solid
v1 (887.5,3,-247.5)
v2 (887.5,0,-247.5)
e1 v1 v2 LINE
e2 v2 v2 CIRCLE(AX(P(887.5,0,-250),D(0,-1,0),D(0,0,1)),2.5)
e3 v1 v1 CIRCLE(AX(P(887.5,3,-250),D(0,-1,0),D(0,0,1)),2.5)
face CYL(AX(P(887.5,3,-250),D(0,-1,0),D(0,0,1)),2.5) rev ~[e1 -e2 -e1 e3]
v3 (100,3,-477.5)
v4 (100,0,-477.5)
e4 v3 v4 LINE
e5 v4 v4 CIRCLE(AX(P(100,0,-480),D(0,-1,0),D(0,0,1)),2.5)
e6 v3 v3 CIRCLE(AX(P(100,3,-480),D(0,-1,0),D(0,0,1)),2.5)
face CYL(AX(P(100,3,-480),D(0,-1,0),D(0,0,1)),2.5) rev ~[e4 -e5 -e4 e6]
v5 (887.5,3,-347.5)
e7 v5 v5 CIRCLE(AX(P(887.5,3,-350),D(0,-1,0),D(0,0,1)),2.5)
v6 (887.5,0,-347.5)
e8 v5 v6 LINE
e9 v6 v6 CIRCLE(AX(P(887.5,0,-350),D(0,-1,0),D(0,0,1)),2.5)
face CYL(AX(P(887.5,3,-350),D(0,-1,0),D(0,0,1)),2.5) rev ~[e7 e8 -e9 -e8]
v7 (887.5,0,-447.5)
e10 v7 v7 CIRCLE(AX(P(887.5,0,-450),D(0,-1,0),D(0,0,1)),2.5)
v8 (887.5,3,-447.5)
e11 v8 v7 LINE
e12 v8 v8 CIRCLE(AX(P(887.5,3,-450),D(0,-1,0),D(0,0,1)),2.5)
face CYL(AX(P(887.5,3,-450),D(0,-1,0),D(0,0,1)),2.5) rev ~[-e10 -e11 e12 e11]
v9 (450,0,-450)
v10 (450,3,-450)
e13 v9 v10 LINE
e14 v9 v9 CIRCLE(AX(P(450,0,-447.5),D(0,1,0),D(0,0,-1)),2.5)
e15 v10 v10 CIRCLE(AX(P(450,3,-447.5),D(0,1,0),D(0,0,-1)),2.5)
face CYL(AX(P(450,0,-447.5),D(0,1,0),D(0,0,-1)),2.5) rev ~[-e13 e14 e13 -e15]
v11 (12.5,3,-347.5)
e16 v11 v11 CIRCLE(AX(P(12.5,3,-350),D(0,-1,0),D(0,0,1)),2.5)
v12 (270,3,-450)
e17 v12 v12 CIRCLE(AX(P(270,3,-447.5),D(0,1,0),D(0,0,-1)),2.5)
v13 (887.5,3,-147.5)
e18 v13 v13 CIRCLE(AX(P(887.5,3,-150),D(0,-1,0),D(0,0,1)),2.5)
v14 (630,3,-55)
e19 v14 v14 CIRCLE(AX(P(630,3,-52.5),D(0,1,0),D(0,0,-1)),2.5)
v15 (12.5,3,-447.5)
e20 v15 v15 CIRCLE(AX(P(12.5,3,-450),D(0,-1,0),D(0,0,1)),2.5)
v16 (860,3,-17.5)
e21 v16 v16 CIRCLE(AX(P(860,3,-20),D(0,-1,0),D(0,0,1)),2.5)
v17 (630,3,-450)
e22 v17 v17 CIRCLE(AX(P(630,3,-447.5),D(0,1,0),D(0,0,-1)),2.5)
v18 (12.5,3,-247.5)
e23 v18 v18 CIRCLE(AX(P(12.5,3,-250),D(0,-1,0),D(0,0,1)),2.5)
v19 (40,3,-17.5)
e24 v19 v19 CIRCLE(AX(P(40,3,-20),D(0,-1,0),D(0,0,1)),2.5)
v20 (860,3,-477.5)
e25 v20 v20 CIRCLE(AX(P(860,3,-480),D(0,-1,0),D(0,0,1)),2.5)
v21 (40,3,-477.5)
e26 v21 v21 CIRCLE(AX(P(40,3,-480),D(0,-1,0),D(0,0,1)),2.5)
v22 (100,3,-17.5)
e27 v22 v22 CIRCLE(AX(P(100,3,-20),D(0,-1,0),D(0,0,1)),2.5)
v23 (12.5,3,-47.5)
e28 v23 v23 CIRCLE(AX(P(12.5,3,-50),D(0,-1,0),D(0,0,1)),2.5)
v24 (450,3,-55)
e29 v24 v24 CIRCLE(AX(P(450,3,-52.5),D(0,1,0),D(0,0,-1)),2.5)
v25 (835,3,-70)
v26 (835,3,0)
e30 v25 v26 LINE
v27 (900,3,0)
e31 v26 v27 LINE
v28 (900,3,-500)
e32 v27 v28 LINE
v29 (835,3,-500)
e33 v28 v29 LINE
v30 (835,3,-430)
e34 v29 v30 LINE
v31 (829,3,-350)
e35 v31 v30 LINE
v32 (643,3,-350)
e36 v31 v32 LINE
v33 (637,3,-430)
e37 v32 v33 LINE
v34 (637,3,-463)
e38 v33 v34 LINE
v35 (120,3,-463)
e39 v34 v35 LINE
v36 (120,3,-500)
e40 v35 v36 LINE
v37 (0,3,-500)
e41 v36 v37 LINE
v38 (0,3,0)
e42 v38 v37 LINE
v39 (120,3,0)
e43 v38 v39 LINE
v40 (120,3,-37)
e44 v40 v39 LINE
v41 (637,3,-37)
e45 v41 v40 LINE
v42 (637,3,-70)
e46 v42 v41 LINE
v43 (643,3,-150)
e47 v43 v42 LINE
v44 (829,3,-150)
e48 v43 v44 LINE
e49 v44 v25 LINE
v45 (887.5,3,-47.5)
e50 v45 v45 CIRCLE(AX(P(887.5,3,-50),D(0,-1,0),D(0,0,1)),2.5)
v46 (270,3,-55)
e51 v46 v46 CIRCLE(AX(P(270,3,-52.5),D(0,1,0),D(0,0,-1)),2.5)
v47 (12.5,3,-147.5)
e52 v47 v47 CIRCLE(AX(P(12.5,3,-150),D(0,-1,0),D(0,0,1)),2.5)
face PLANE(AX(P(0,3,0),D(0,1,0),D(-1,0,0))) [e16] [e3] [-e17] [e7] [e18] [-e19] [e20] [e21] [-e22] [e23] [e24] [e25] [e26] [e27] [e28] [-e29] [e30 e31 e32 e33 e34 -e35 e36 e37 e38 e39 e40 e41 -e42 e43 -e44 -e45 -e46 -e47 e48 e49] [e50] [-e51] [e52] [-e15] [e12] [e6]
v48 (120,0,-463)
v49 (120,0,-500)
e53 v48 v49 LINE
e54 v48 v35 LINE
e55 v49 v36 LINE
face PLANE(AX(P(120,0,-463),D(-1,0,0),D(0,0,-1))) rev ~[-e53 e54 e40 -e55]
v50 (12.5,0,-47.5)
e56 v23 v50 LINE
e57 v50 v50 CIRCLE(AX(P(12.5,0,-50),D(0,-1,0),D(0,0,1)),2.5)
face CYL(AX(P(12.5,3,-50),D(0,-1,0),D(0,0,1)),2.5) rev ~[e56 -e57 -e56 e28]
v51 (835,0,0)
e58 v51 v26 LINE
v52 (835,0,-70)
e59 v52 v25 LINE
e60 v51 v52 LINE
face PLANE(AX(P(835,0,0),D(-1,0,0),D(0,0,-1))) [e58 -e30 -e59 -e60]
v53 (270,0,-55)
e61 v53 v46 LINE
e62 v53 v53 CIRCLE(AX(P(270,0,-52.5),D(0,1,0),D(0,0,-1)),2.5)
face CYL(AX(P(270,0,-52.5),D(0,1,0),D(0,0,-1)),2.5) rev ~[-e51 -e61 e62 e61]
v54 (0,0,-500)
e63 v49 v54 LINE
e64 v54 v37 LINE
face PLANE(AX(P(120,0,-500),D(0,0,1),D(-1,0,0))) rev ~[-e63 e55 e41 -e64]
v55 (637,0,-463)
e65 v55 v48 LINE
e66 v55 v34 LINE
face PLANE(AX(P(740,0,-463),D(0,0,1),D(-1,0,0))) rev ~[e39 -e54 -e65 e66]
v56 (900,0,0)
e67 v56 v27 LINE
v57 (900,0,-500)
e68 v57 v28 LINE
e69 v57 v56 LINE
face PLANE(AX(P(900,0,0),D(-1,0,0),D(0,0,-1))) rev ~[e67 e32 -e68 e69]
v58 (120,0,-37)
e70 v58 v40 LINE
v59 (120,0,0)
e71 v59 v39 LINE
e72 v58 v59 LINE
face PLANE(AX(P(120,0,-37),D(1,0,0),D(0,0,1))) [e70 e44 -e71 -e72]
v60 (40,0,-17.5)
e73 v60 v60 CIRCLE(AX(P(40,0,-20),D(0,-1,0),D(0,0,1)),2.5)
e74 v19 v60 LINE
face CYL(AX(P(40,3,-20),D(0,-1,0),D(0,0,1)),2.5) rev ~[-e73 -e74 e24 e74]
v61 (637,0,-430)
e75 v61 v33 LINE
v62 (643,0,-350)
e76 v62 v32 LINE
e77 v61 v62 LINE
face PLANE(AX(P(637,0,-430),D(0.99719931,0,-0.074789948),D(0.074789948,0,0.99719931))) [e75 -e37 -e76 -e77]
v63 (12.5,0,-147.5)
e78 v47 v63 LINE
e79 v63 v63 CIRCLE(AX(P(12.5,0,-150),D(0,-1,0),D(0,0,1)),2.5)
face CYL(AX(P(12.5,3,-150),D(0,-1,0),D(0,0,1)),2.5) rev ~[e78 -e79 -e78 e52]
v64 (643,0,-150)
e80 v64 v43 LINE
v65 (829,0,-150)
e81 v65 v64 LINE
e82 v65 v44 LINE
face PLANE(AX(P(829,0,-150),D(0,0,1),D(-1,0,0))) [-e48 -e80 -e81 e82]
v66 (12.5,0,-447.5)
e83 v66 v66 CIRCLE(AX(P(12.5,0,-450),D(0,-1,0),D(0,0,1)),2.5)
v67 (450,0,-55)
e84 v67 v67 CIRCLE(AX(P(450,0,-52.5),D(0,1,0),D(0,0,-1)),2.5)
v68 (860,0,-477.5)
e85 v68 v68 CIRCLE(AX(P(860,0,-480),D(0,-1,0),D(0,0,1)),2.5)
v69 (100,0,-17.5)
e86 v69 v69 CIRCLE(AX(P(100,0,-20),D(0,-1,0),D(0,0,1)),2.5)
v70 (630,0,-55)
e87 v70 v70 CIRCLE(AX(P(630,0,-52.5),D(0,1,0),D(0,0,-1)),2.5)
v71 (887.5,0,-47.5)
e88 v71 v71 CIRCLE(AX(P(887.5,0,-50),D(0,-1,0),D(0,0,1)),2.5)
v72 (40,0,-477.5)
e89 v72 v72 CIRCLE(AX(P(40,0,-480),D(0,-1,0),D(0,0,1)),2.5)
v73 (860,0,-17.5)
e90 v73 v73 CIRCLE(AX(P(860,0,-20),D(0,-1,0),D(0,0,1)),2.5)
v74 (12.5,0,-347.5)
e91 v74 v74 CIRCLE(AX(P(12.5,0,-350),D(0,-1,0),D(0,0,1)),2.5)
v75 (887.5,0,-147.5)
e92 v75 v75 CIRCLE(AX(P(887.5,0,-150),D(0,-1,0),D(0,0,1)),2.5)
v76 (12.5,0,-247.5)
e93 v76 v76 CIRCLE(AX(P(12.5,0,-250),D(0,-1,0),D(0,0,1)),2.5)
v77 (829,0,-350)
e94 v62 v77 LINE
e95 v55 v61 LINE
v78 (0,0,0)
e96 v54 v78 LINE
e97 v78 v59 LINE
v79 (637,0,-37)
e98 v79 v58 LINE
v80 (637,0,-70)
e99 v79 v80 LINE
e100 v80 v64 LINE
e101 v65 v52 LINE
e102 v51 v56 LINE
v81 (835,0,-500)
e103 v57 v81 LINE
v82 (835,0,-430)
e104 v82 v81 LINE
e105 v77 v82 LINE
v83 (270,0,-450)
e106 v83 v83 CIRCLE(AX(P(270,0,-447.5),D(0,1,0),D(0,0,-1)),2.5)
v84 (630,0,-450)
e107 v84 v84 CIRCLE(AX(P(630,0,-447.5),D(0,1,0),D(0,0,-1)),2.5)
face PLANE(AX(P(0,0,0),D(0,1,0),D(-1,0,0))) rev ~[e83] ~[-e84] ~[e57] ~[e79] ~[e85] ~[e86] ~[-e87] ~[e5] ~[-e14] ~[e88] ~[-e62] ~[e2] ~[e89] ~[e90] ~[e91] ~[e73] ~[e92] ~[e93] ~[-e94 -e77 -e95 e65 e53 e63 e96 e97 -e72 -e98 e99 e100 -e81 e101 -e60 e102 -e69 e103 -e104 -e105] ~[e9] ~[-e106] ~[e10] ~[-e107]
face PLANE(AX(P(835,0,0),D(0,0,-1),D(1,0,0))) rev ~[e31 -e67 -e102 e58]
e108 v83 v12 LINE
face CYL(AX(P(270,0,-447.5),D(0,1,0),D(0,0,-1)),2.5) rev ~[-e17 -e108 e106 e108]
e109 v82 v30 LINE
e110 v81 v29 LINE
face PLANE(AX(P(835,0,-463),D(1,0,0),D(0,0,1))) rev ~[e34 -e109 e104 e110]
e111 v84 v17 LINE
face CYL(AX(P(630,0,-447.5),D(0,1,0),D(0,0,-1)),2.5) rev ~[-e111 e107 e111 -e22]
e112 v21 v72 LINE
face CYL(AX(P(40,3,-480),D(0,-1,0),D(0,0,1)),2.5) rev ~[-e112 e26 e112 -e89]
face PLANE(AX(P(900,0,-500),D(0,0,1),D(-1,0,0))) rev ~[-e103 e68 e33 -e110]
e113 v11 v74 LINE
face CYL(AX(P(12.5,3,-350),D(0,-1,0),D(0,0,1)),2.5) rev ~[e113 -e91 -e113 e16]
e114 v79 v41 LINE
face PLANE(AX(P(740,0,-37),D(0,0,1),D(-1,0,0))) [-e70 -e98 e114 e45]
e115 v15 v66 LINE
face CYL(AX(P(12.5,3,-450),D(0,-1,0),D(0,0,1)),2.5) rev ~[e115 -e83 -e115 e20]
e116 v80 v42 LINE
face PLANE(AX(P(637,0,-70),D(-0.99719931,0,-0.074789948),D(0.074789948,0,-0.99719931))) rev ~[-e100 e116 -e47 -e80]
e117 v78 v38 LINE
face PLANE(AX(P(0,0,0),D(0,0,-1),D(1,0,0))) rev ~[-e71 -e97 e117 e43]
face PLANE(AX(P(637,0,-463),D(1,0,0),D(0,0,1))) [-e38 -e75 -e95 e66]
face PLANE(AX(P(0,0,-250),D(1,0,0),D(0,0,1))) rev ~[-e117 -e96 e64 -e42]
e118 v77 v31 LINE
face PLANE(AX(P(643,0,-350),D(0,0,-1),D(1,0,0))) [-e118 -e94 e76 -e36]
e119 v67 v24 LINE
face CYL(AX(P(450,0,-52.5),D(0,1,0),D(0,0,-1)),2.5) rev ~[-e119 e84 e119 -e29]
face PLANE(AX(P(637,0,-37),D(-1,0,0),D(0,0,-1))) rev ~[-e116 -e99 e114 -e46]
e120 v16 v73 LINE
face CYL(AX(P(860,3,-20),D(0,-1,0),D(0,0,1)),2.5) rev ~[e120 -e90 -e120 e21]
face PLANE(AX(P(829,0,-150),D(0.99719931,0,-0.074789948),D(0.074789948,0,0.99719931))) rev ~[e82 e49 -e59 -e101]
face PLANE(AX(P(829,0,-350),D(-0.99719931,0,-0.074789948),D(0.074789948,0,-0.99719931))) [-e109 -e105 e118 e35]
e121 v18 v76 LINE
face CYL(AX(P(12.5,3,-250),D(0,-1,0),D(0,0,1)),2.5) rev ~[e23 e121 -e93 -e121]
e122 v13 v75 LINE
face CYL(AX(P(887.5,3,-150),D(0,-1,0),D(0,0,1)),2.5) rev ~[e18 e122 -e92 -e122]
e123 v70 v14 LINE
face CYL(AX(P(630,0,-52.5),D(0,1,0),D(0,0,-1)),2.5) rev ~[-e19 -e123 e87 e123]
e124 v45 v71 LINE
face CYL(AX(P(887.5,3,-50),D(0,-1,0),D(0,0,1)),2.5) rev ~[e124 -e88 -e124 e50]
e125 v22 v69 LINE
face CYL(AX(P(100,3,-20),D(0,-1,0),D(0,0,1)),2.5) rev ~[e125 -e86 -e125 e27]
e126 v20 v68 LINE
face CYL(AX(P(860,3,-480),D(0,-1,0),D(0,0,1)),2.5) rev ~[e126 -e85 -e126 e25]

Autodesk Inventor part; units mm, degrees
ref_plane "YZ Plane" through (0, 0, 0) normal (1, 0, 0) x (0, 1, 0)
ref_plane "XZ Plane" through (0, 0, 0) normal (0, 1, 0) x (-1, 0, 0)
ref_plane "XY Plane" through (0, 0, 0) normal (0, 0, 1) x (1, 0, 0)
sketch "Sketch2" plane through (0, 0, 0) normal (0, 1, 0) x (-1, 0, 0)
  line L0 (0, 0) -> (-900, 0)
  line L1 (-900, 0) -> (-900, -500)
  line L2 (-900, -500) -> (0, -500)
  line L3 (0, -500) -> (0, 0)
  line L4 (-120, -500) -> (-780, -500)
  line L5 (-780, -500) -> (-780, -463)
  line L6 (-780, -463) -> (-120, -463)
  line L7 (-120, -463) -> (-120, -500)
  line L8 (-120, 0) -> (-780, 0)
  line L9 (-780, 0) -> (-780, -37)
  line L10 (-780, -37) -> (-120, -37)
  line L11 (-120, -37) -> (-120, 0)
  line L12 (-764, -430) -> (-829, -430)
  line L13 (-829, -430) -> (-829, -350)
  line L14 (-829, -350) -> (-764, -350)
  line L15 (-764, -350) -> (-764, -430)
  line L16 (-740, -463) -> (-835, -463)
  line L17 (-835, -463) -> (-835, -430)
  line L18 (-835, -430) -> (-740, -430)
  line L19 (-740, -430) -> (-740, -463)
  line L20 (-740, -430) -> (-764, -350)
  line L21 (-829, -350) -> (-835, -430)
  line L22 (-780, -500) -> (-835, -500)
  line L23 (-835, -500) -> (-835, -463)
  line L24 (-835, -463) -> (-780, -463)
  line L25 (-780, -463) -> (-780, -500)
  line L26 (0, -250) -> (-900, -250)
  line L27 (-829, -150) -> (-764, -150)
  line L28 (-835, -37) -> (-835, -70)
  line L29 (-740, -70) -> (-740, -37)
  line L30 (-740, -70) -> (-764, -150)
  line L31 (-829, -150) -> (-835, -70)
  line L32 (-835, 0) -> (-835, -37)
  point P0 (-780, -463)
  point P1 (-740, -37)
  dimension "d7" = 900
  dimension "d8" = 500
  dimension "d11" = 37
  dimension "d12" = 120
  dimension "d13" = 120
  dimension "d14" = 33
  dimension "d15" = 55
  dimension "d16" = 40
  dimension "d17" = 65
  dimension "d18" = 6
  dimension "d19" = 80
extrude "Extrusion2" add sketch "Sketch2" along normal blind 3 contours L3 L26 L1 L0 L32 L28 L31 L27 L30 L29 L10 L11 | L3 L2 L7 L6 L19 L20 L14 L21 L17 L23 L1 L26
sketch "Sketch3" plane through (0, 3, 0) normal (0, 1, 0) x (1, 0, 0)
  line L0 (0, 500) -> (0, 0) projected
  line L1 (0, 0) -> (120, 0) projected
  line L2 (120, 500) -> (0, 500) projected
  line L3 (900, 0) -> (900, 500) projected
  point P0 (40, 20)
  point P1 (100, 20)
  point P2 (40, 480)
  point P3 (100, 480)
  point P4 (12.5, 450)
  point P5 (860, 480)
  point P6 (860, 20)
  point P7 (887.5, 450)
  point P8 (12.5, 350)
  point P9 (887.5, 350)
  point P10 (12.5, 250)
  point P11 (887.5, 250)
  point P12 (12.5, 150)
  point P13 (887.5, 150)
  point P14 (12.5, 50)
  point P15 (887.5, 50)
  dimension "d20" = 40
  dimension "d21" = 100
  dimension "d22" = 20
  dimension "d23" = 20
  dimension "d24" = 12.5
  dimension "d25" = 50
  dimension "d33" = 40
  dimension "d34" = 12.5
  dimension "d37" = 100
  dimension "d64" = 50
hole "Hole1" at (40, 3, -20) at (100, 3, -20) at (40, 3, -480) at (100, 3, -480) at (12.5, 3, -450) at (860, 3, -480) at (860, 3, -20) at (887.5, 3, -450) at (12.5, 3, -350) at (887.5, 3, -350) at (12.5, 3, -250) at (887.5, 3, -250) at (12.5, 3, -150) at (887.5, 3, -150) at (12.5, 3, -50) at (887.5, 3, -50) direction (0, -1, 0) diameter 5 end through all
sketch "Sketch4" plane through (0, 0, 0) normal (0, -1, 0) x (1, 0, 0)
  line L0 (120, -37) -> (740, -37) projected
  line L1 (740, -463) -> (120, -463) projected
  line L2 (900, 0) -> (900, -500) projected
  point P0 (0, 0)
  point P1 (630, -447.5)
  point P2 (450, -447.5)
  point P3 (270, -447.5)
  point P4 (270, -52.5)
  point P5 (450, -52.5)
  point P6 (630, -52.5)
  dimension "d49" = 15.5
  dimension "d50" = 15.5
  dimension "d51" = 180
  dimension "d52" = 180
  dimension "d53" = 450
hole "Hole2" at (630, 0, -447.5) at (450, 0, -447.5) at (270, 0, -447.5) at (270, 0, -52.5) at (450, 0, -52.5) at (630, 0, -52.5) direction (0, 1, 0) diameter 5 depth 8 tip angle 118
sketch "Sketch5" plane through (0, 0, 0) normal (0, -1, 0) x (1, 0, 0)
  circle A0 centre (450, -52.5) radius 2.5 projected
  circle A1 centre (270, -447.5) radius 2.5 projected
  circle A2 centre (630, -447.5) radius 2.5 projected
  circle A3 centre (450, -447.5) radius 2.5 projected
  circle A4 centre (270, -52.5) radius 2.5 projected
  circle A5 centre (630, -52.5) radius 2.5 projected
  circle A6 centre (12.5, -50) radius 2.5 projected
  circle A7 centre (12.5, -150) radius 2.5 projected
  circle A8 centre (12.5, -250) radius 2.5 projected
  circle A9 centre (12.5, -350) radius 2.5 projected
  circle A10 centre (860, -20) radius 2.5 projected
  circle A11 centre (12.5, -450) radius 2.5 projected
  circle A12 centre (40, -480) radius 2.5 projected
  circle A13 centre (40, -20) radius 2.5 projected
  circle A14 centre (100, -20) radius 2.5 projected
  circle A15 centre (100, -480) radius 2.5 projected
  circle A16 centre (860, -480) radius 2.5 projected
  circle A17 centre (887.5, -450) radius 2.5 projected
  circle A18 centre (887.5, -350) radius 2.5 projected
  circle A19 centre (887.5, -250) radius 2.5 projected
  circle A20 centre (887.5, -150) radius 2.5 projected
  circle A21 centre (887.5, -50) radius 2.5 projected
  line L0 (835, -430) -> (829, -350) projected
  line L1 (835, -500) -> (835, -430) projected
  line L2 (900, -500) -> (835, -500) projected
  line L3 (900, 0) -> (900, -500) projected
  line L4 (835, 0) -> (900, 0) projected
  line L5 (835, -70) -> (835, 0) projected
  line L6 (829, -150) -> (835, -70) projected
  line L7 (764, -150) -> (829, -150) projected
  line L8 (740, -70) -> (764, -150) projected
  line L9 (740, -37) -> (740, -70) projected
  line L10 (120, -37) -> (740, -37) projected
  line L11 (120, 0) -> (120, -37) projected
  line L12 (0, 0) -> (120, 0) projected
  line L13 (0, -500) -> (0, 0) projected
  line L14 (120, -500) -> (0, -500) projected
  line L15 (120, -463) -> (120, -500) projected
  line L16 (740, -463) -> (120, -463) projected
  line L17 (740, -430) -> (740, -463) projected
  line L18 (764, -350) -> (740, -430) projected
  line L19 (829, -350) -> (764, -350) projected
  line L20 (740, -37) -> (740, -70) projected
  line L21 (740, -37) -> (637, -37)
  line L22 (637, -37) -> (637, -70)
  line L23 (637, -70) -> (740, -70)
  line L24 (740, -70) -> (740, -37)
  line L25 (637, -70) -> (643, -150)
  line L26 (829, -150) -> (835, -70) projected
  line L27 (764, -150) -> (829, -150) projected
  line L28 (643, -150) -> (764, -150)
  line L29 (0, -500) -> (0, 0) projected
  line L30 (0, -250) -> (900, -250)
  line L31 (637, -463) -> (637, -430)
  line L32 (637, -430) -> (643, -350)
  line L33 (643, -350) -> (764, -350)
  dimension "d61" = 103
extrude "Two Motor Cutout" cut sketch "Sketch5" against normal through all contours L31 L32 L33 L18 L17 L16 | L10 L9 L23 L22 | L23 L8 L28 L25
equation "\"d33\" = d20"
equation "\"d34\" = d24"
equation "\"d50\" = d49"
equation "\"d52\" = d51"
properties part number "Bellypan"
